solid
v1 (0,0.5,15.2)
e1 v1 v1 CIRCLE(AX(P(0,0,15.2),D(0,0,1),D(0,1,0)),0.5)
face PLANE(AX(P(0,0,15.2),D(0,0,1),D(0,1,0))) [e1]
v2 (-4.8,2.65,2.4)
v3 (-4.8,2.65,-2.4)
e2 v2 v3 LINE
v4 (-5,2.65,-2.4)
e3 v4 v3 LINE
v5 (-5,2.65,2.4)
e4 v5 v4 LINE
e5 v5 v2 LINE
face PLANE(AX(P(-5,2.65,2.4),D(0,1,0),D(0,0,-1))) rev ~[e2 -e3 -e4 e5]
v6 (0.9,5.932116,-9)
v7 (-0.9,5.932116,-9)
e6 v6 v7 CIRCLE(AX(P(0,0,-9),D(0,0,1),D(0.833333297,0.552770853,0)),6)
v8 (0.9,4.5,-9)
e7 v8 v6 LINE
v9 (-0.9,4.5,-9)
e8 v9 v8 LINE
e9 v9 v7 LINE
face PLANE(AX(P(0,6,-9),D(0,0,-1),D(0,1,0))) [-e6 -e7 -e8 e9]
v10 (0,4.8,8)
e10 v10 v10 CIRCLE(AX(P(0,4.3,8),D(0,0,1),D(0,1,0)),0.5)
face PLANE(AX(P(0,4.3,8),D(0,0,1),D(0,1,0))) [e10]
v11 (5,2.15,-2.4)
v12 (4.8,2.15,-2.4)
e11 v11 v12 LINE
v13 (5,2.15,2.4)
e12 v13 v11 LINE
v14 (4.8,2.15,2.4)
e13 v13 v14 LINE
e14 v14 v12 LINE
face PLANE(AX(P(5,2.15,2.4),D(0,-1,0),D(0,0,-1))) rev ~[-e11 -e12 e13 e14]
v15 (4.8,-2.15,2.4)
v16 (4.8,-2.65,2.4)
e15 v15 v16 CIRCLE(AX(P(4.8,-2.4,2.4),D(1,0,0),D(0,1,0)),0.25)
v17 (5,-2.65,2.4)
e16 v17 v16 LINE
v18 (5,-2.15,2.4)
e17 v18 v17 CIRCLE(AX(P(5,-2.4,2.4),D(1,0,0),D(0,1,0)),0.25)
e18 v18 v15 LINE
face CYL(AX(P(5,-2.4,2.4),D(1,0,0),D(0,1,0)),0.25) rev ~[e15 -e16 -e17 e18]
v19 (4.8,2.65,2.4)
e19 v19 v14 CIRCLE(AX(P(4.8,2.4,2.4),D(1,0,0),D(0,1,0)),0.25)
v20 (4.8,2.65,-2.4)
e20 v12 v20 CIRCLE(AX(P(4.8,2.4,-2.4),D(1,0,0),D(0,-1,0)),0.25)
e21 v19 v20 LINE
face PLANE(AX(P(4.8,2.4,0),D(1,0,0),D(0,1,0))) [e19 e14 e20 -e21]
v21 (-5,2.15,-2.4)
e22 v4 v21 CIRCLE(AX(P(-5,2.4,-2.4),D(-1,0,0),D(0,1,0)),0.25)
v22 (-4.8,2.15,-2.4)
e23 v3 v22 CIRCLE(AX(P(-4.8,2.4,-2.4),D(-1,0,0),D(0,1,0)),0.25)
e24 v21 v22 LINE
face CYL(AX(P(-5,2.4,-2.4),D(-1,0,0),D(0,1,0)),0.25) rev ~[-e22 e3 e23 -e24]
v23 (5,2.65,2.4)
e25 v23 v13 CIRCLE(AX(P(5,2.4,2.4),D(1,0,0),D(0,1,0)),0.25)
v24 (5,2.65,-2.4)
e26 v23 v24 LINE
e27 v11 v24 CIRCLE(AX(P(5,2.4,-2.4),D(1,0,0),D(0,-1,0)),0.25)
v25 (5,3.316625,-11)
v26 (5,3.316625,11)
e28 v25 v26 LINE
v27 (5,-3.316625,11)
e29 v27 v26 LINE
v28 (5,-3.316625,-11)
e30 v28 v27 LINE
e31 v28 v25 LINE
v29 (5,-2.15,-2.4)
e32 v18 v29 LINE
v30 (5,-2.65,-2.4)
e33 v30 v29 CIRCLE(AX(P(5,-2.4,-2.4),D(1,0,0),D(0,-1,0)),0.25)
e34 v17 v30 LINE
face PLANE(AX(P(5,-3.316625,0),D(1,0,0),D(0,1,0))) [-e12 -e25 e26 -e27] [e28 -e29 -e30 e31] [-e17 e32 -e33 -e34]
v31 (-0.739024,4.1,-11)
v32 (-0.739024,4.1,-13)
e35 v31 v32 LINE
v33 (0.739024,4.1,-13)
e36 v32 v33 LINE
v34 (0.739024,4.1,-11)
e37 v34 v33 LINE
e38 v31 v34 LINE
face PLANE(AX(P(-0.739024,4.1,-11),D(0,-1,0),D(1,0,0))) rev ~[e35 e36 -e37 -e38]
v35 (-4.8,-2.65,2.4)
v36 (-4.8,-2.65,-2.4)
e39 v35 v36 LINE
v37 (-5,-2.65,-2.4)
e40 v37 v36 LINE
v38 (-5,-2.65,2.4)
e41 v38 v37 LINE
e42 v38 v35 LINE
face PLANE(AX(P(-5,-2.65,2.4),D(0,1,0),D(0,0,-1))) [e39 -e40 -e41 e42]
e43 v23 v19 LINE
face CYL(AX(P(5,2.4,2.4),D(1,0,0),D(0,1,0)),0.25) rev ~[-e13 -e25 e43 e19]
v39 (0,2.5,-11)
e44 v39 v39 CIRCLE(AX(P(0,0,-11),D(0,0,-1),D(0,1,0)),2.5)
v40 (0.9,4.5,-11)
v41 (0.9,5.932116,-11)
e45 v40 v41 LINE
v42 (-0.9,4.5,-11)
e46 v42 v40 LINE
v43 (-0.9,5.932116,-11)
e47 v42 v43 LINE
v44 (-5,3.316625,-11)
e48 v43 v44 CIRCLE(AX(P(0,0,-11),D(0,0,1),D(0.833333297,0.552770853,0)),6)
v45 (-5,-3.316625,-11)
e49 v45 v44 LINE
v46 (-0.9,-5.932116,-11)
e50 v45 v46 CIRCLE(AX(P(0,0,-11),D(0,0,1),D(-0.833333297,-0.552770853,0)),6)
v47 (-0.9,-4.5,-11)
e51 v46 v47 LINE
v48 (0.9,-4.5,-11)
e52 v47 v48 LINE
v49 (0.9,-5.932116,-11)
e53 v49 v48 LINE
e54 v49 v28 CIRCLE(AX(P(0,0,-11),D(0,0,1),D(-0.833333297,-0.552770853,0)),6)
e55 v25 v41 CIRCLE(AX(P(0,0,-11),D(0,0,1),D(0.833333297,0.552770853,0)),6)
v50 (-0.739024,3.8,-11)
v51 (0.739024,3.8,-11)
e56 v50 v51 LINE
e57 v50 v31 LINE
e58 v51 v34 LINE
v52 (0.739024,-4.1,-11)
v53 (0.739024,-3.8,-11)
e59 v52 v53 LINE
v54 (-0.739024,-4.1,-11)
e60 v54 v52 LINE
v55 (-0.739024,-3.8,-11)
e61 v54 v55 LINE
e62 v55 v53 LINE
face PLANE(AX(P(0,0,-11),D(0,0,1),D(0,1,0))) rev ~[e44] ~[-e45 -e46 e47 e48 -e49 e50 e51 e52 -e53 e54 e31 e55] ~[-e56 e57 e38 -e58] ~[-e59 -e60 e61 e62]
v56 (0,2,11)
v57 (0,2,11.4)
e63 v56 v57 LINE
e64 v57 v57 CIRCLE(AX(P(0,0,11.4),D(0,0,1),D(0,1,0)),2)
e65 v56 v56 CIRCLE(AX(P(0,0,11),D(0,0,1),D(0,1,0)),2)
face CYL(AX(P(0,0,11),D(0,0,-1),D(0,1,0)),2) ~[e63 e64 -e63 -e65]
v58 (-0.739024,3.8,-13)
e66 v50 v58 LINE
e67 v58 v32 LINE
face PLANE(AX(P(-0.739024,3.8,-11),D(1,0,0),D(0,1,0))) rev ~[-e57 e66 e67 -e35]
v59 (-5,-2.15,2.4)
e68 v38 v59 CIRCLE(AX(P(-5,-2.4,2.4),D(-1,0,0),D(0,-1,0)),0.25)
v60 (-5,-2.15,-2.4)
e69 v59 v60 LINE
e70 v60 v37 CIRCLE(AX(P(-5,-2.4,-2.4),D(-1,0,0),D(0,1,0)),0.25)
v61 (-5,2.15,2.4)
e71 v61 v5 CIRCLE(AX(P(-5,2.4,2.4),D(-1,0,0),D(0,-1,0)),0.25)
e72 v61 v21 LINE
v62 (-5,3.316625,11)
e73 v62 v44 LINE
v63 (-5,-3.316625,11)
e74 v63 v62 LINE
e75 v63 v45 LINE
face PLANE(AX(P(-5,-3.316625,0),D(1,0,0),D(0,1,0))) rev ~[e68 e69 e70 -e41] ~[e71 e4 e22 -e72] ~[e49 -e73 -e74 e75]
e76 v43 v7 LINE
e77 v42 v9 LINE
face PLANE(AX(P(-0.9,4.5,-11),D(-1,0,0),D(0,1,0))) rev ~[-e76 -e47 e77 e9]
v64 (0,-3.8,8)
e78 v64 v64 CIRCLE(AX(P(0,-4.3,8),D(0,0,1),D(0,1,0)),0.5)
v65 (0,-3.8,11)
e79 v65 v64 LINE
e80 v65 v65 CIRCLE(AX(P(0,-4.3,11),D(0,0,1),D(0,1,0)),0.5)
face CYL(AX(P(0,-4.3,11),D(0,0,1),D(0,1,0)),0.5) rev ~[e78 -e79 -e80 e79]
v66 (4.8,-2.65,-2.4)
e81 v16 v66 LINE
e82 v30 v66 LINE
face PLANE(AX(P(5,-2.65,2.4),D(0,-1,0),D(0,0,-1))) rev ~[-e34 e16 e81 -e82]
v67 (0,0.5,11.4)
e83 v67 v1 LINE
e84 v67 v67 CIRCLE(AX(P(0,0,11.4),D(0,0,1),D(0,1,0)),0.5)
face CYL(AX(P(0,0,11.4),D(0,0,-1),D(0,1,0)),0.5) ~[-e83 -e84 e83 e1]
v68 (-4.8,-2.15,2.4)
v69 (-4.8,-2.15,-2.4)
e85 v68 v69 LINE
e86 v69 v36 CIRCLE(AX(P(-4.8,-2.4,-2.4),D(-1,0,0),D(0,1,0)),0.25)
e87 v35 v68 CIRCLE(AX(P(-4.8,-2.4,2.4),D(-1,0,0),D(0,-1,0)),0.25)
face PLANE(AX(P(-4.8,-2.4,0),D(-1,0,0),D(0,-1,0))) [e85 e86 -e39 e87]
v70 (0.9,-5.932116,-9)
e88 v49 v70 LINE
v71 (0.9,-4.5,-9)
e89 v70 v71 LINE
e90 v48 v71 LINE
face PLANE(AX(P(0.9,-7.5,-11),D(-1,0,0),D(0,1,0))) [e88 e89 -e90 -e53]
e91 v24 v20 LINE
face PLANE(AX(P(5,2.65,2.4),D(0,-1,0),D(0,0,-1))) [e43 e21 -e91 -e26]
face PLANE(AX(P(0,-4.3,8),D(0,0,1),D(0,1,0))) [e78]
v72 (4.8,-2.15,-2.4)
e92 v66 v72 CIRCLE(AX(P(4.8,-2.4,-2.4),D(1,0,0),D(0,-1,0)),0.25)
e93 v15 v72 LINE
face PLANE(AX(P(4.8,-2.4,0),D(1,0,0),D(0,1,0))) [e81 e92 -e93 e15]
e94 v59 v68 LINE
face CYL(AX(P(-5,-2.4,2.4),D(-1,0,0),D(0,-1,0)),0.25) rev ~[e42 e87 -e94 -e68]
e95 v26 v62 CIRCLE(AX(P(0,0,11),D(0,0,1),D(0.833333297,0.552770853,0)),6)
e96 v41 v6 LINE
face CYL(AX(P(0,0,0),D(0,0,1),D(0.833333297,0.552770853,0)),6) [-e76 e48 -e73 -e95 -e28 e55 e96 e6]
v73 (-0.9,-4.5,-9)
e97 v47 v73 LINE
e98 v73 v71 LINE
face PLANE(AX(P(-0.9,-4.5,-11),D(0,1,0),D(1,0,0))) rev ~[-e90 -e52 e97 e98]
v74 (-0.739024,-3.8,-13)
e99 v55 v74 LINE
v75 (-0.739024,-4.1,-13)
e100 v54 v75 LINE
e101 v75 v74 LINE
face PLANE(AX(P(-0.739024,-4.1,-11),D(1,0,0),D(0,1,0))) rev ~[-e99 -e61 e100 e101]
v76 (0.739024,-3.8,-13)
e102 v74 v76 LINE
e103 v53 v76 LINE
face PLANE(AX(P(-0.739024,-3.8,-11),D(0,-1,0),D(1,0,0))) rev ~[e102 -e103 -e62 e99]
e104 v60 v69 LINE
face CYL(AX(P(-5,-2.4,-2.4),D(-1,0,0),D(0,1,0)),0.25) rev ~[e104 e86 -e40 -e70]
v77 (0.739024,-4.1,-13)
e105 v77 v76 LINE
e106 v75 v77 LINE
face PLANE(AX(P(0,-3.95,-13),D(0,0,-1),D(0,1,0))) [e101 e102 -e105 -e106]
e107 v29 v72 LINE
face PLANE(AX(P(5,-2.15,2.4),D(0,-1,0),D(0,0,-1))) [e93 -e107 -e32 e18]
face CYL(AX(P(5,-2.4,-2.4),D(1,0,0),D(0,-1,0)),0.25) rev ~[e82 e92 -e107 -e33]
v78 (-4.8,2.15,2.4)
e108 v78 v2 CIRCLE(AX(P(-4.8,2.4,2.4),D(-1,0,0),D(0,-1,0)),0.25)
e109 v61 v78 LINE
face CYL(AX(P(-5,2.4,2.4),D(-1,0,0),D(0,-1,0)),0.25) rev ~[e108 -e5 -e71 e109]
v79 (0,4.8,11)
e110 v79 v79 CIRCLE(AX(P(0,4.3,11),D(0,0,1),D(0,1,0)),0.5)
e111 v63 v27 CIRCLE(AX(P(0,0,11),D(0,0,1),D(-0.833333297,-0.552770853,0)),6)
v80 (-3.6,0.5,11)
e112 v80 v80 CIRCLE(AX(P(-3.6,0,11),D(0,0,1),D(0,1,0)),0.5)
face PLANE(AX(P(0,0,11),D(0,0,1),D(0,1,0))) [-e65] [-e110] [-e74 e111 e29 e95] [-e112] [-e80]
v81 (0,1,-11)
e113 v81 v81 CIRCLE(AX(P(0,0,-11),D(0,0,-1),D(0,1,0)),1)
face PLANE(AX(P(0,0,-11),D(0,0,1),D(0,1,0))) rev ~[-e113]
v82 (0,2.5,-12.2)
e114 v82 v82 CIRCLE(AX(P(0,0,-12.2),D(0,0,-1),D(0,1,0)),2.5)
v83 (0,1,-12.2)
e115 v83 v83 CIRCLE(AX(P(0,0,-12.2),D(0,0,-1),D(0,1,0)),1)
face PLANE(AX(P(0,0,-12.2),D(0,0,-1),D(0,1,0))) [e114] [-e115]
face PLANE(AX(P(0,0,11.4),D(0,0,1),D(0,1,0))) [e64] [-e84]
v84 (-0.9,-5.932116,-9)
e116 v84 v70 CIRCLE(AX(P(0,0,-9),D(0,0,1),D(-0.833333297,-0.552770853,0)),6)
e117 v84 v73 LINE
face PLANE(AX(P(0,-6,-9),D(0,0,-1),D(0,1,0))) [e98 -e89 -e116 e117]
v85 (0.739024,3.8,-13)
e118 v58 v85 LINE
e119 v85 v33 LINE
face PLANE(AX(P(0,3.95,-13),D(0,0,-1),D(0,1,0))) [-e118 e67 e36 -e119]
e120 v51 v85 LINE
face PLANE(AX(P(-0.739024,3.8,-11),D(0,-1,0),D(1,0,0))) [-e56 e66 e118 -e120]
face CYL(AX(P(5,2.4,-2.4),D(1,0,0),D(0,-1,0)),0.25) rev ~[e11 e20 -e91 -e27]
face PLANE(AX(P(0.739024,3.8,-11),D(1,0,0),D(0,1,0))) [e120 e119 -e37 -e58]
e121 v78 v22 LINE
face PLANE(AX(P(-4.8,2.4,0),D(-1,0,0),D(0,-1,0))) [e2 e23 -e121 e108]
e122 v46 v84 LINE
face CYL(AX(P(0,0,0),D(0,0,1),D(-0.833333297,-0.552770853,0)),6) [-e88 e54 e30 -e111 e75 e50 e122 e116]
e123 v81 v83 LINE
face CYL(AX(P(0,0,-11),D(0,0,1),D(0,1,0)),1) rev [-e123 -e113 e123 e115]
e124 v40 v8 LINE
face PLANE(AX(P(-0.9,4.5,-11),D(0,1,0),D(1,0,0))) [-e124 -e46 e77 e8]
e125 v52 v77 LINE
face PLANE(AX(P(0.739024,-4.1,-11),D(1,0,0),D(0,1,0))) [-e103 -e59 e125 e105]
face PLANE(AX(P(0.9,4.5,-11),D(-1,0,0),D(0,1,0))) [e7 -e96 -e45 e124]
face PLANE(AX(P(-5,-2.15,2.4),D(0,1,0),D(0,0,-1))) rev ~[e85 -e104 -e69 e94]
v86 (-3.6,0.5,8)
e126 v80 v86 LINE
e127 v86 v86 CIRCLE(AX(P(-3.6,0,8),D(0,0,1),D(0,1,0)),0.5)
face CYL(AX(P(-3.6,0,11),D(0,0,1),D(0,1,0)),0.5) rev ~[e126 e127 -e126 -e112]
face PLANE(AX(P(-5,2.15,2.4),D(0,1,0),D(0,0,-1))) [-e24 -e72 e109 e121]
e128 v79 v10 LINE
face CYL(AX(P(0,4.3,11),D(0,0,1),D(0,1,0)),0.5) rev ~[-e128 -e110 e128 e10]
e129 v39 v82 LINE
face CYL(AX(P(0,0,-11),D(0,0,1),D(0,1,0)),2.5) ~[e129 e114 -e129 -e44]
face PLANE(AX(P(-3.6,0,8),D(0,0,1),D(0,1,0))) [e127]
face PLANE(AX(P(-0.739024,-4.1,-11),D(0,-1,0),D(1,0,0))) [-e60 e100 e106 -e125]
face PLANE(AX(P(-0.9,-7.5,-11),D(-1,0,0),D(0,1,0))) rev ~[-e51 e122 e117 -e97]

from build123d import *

# Parameters (mm, degrees)
PAD001_DEPTH            = 11
SKETCH003_R             = 2
PAD002_DEPTH            = 0.4
SKETCH004_R             = 0.5
PAD003_DEPTH            = 3.8
SKETCH005_R             = 0.5
POCKET001_DEPTH         = 3
SKETCH006_R             = 2.5
SKETCH006_R_2           = 1
PAD004_DEPTH            = 1.2
SKETCH007_W             = 3
SKETCH007_H             = 1.8
POCKET002_DEPTH         = 2
SKETCH008_W             = 0.3
SKETCH008_H             = 1.478048
PAD005_DEPTH            = 2
POCKET003_DEPTH         = 0.2
POLARPATTERN001_COUNT   = 2
BODY001_PLACEMENT_ANGLE = 90


with BuildPart() as part:
    # Sketch002 → Pad001 (new body, symmetric)
    with BuildSketch(Plane.XY):
        with BuildLine():
            ThreePointArc((-3.316625, 5), (-6, 0), (-3.316625, -5))
            Line((-3.316625, -5), (3.316625, -5))
            ThreePointArc((3.316625, -5), (6, 0), (3.316625, 5))
            Line((-3.316625, 5), (3.316625, 5))
        make_face()
    extrude(amount=PAD001_DEPTH, both=True)

    # Sketch003 (on Face6 of Pad001) → Pad002 (join)
    with BuildSketch(Plane.XY.offset(11)):
        Circle(SKETCH003_R)
    extrude(amount=PAD002_DEPTH)

    # Sketch004 (on Face8 of Pad002) → Pad003 (join)
    with BuildSketch(Plane.XY.offset(11.4)):
        Circle(SKETCH004_R)
    extrude(amount=PAD003_DEPTH)

    # Sketch005 (on Face5 of Pad003) → Pocket001 (cut)
    with BuildSketch(Plane.XY.offset(11)):
        with Locations((0, 3.6)):
            Circle(SKETCH005_R)
        with Locations((-4.3, 0)):
            Circle(SKETCH005_R)
        with Locations((4.3, 0)):
            Circle(SKETCH005_R)
    extrude(amount=-POCKET001_DEPTH, mode=Mode.SUBTRACT)

    # Sketch006 (on Face4 of Pocket001) → Pad004 (join)
    with BuildSketch(Plane(origin=(0, 0, -11), x_dir=(1, 0, 0), z_dir=(0, 0, -1))):
        Circle(SKETCH006_R)
        Circle(SKETCH006_R_2, mode=Mode.SUBTRACT)
    extrude(amount=PAD004_DEPTH)

    # Sketch007 (on Face4 of Pad004) → Pocket002 (cut)
    with BuildSketch(Plane(origin=(0, 0, -11), x_dir=(1, 0, 0), z_dir=(0, 0, -1))):
        with Locations((-6, 0)):
            Rectangle(SKETCH007_W, SKETCH007_H)
        with Locations((6, 0)):
            Rectangle(SKETCH007_W, SKETCH007_H)
    extrude(amount=-POCKET002_DEPTH, mode=Mode.SUBTRACT)

    # Sketch008 (on Face2 of Pocket002) → Pad005 (join)
    with BuildSketch(Plane(origin=(0, 0, -11), x_dir=(1, 0, 0), z_dir=(0, 0, -1))):
        with Locations((-3.95, 0)):
            Rectangle(SKETCH008_W, SKETCH008_H)
        with Locations((3.95, 0)):
            Rectangle(SKETCH008_W, SKETCH008_H)
    extrude(amount=PAD005_DEPTH)

    # Sketch009 (on Face6 of Pad005) → Pocket003 (cut)
    with BuildSketch(Plane.XZ.offset(5)):
        with BuildLine():
            ThreePointArc((-2.15, 2.4), (-2.4, 2.65), (-2.65, 2.4))
            Line((-2.65, 2.4), (-2.65, -2.4))
            ThreePointArc((-2.65, -2.4), (-2.4, -2.65), (-2.15, -2.4))
            Line((-2.15, 2.4), (-2.15, -2.4))
        make_face()
        with BuildLine():
            ThreePointArc((2.65, 2.4), (2.4, 2.65), (2.15, 2.4))
            Line((2.15, 2.4), (2.15, -2.4))
            ThreePointArc((2.15, -2.4), (2.4, -2.65), (2.65, -2.4))
            Line((2.65, 2.4), (2.65, -2.4))
        make_face()
    pocket003 = extrude(amount=-POCKET003_DEPTH, mode=Mode.SUBTRACT)

    # PolarPattern001: Pocket003 ×2 about axis
    polarpattern001_axis = Axis((0, 0, 0), (0, 0, 1))
    for i in range(1, POLARPATTERN001_COUNT):
        add(pocket003.rotate(polarpattern001_axis, i * 360 / POLARPATTERN001_COUNT), mode=Mode.SUBTRACT)


with BuildPart() as part_1:
    # Body001 placement: moved
    add(part.part.rotate(Axis((0, 0, 0), (0, 0, 1)), BODY001_PLACEMENT_ANGLE))


solid = part_1.part
